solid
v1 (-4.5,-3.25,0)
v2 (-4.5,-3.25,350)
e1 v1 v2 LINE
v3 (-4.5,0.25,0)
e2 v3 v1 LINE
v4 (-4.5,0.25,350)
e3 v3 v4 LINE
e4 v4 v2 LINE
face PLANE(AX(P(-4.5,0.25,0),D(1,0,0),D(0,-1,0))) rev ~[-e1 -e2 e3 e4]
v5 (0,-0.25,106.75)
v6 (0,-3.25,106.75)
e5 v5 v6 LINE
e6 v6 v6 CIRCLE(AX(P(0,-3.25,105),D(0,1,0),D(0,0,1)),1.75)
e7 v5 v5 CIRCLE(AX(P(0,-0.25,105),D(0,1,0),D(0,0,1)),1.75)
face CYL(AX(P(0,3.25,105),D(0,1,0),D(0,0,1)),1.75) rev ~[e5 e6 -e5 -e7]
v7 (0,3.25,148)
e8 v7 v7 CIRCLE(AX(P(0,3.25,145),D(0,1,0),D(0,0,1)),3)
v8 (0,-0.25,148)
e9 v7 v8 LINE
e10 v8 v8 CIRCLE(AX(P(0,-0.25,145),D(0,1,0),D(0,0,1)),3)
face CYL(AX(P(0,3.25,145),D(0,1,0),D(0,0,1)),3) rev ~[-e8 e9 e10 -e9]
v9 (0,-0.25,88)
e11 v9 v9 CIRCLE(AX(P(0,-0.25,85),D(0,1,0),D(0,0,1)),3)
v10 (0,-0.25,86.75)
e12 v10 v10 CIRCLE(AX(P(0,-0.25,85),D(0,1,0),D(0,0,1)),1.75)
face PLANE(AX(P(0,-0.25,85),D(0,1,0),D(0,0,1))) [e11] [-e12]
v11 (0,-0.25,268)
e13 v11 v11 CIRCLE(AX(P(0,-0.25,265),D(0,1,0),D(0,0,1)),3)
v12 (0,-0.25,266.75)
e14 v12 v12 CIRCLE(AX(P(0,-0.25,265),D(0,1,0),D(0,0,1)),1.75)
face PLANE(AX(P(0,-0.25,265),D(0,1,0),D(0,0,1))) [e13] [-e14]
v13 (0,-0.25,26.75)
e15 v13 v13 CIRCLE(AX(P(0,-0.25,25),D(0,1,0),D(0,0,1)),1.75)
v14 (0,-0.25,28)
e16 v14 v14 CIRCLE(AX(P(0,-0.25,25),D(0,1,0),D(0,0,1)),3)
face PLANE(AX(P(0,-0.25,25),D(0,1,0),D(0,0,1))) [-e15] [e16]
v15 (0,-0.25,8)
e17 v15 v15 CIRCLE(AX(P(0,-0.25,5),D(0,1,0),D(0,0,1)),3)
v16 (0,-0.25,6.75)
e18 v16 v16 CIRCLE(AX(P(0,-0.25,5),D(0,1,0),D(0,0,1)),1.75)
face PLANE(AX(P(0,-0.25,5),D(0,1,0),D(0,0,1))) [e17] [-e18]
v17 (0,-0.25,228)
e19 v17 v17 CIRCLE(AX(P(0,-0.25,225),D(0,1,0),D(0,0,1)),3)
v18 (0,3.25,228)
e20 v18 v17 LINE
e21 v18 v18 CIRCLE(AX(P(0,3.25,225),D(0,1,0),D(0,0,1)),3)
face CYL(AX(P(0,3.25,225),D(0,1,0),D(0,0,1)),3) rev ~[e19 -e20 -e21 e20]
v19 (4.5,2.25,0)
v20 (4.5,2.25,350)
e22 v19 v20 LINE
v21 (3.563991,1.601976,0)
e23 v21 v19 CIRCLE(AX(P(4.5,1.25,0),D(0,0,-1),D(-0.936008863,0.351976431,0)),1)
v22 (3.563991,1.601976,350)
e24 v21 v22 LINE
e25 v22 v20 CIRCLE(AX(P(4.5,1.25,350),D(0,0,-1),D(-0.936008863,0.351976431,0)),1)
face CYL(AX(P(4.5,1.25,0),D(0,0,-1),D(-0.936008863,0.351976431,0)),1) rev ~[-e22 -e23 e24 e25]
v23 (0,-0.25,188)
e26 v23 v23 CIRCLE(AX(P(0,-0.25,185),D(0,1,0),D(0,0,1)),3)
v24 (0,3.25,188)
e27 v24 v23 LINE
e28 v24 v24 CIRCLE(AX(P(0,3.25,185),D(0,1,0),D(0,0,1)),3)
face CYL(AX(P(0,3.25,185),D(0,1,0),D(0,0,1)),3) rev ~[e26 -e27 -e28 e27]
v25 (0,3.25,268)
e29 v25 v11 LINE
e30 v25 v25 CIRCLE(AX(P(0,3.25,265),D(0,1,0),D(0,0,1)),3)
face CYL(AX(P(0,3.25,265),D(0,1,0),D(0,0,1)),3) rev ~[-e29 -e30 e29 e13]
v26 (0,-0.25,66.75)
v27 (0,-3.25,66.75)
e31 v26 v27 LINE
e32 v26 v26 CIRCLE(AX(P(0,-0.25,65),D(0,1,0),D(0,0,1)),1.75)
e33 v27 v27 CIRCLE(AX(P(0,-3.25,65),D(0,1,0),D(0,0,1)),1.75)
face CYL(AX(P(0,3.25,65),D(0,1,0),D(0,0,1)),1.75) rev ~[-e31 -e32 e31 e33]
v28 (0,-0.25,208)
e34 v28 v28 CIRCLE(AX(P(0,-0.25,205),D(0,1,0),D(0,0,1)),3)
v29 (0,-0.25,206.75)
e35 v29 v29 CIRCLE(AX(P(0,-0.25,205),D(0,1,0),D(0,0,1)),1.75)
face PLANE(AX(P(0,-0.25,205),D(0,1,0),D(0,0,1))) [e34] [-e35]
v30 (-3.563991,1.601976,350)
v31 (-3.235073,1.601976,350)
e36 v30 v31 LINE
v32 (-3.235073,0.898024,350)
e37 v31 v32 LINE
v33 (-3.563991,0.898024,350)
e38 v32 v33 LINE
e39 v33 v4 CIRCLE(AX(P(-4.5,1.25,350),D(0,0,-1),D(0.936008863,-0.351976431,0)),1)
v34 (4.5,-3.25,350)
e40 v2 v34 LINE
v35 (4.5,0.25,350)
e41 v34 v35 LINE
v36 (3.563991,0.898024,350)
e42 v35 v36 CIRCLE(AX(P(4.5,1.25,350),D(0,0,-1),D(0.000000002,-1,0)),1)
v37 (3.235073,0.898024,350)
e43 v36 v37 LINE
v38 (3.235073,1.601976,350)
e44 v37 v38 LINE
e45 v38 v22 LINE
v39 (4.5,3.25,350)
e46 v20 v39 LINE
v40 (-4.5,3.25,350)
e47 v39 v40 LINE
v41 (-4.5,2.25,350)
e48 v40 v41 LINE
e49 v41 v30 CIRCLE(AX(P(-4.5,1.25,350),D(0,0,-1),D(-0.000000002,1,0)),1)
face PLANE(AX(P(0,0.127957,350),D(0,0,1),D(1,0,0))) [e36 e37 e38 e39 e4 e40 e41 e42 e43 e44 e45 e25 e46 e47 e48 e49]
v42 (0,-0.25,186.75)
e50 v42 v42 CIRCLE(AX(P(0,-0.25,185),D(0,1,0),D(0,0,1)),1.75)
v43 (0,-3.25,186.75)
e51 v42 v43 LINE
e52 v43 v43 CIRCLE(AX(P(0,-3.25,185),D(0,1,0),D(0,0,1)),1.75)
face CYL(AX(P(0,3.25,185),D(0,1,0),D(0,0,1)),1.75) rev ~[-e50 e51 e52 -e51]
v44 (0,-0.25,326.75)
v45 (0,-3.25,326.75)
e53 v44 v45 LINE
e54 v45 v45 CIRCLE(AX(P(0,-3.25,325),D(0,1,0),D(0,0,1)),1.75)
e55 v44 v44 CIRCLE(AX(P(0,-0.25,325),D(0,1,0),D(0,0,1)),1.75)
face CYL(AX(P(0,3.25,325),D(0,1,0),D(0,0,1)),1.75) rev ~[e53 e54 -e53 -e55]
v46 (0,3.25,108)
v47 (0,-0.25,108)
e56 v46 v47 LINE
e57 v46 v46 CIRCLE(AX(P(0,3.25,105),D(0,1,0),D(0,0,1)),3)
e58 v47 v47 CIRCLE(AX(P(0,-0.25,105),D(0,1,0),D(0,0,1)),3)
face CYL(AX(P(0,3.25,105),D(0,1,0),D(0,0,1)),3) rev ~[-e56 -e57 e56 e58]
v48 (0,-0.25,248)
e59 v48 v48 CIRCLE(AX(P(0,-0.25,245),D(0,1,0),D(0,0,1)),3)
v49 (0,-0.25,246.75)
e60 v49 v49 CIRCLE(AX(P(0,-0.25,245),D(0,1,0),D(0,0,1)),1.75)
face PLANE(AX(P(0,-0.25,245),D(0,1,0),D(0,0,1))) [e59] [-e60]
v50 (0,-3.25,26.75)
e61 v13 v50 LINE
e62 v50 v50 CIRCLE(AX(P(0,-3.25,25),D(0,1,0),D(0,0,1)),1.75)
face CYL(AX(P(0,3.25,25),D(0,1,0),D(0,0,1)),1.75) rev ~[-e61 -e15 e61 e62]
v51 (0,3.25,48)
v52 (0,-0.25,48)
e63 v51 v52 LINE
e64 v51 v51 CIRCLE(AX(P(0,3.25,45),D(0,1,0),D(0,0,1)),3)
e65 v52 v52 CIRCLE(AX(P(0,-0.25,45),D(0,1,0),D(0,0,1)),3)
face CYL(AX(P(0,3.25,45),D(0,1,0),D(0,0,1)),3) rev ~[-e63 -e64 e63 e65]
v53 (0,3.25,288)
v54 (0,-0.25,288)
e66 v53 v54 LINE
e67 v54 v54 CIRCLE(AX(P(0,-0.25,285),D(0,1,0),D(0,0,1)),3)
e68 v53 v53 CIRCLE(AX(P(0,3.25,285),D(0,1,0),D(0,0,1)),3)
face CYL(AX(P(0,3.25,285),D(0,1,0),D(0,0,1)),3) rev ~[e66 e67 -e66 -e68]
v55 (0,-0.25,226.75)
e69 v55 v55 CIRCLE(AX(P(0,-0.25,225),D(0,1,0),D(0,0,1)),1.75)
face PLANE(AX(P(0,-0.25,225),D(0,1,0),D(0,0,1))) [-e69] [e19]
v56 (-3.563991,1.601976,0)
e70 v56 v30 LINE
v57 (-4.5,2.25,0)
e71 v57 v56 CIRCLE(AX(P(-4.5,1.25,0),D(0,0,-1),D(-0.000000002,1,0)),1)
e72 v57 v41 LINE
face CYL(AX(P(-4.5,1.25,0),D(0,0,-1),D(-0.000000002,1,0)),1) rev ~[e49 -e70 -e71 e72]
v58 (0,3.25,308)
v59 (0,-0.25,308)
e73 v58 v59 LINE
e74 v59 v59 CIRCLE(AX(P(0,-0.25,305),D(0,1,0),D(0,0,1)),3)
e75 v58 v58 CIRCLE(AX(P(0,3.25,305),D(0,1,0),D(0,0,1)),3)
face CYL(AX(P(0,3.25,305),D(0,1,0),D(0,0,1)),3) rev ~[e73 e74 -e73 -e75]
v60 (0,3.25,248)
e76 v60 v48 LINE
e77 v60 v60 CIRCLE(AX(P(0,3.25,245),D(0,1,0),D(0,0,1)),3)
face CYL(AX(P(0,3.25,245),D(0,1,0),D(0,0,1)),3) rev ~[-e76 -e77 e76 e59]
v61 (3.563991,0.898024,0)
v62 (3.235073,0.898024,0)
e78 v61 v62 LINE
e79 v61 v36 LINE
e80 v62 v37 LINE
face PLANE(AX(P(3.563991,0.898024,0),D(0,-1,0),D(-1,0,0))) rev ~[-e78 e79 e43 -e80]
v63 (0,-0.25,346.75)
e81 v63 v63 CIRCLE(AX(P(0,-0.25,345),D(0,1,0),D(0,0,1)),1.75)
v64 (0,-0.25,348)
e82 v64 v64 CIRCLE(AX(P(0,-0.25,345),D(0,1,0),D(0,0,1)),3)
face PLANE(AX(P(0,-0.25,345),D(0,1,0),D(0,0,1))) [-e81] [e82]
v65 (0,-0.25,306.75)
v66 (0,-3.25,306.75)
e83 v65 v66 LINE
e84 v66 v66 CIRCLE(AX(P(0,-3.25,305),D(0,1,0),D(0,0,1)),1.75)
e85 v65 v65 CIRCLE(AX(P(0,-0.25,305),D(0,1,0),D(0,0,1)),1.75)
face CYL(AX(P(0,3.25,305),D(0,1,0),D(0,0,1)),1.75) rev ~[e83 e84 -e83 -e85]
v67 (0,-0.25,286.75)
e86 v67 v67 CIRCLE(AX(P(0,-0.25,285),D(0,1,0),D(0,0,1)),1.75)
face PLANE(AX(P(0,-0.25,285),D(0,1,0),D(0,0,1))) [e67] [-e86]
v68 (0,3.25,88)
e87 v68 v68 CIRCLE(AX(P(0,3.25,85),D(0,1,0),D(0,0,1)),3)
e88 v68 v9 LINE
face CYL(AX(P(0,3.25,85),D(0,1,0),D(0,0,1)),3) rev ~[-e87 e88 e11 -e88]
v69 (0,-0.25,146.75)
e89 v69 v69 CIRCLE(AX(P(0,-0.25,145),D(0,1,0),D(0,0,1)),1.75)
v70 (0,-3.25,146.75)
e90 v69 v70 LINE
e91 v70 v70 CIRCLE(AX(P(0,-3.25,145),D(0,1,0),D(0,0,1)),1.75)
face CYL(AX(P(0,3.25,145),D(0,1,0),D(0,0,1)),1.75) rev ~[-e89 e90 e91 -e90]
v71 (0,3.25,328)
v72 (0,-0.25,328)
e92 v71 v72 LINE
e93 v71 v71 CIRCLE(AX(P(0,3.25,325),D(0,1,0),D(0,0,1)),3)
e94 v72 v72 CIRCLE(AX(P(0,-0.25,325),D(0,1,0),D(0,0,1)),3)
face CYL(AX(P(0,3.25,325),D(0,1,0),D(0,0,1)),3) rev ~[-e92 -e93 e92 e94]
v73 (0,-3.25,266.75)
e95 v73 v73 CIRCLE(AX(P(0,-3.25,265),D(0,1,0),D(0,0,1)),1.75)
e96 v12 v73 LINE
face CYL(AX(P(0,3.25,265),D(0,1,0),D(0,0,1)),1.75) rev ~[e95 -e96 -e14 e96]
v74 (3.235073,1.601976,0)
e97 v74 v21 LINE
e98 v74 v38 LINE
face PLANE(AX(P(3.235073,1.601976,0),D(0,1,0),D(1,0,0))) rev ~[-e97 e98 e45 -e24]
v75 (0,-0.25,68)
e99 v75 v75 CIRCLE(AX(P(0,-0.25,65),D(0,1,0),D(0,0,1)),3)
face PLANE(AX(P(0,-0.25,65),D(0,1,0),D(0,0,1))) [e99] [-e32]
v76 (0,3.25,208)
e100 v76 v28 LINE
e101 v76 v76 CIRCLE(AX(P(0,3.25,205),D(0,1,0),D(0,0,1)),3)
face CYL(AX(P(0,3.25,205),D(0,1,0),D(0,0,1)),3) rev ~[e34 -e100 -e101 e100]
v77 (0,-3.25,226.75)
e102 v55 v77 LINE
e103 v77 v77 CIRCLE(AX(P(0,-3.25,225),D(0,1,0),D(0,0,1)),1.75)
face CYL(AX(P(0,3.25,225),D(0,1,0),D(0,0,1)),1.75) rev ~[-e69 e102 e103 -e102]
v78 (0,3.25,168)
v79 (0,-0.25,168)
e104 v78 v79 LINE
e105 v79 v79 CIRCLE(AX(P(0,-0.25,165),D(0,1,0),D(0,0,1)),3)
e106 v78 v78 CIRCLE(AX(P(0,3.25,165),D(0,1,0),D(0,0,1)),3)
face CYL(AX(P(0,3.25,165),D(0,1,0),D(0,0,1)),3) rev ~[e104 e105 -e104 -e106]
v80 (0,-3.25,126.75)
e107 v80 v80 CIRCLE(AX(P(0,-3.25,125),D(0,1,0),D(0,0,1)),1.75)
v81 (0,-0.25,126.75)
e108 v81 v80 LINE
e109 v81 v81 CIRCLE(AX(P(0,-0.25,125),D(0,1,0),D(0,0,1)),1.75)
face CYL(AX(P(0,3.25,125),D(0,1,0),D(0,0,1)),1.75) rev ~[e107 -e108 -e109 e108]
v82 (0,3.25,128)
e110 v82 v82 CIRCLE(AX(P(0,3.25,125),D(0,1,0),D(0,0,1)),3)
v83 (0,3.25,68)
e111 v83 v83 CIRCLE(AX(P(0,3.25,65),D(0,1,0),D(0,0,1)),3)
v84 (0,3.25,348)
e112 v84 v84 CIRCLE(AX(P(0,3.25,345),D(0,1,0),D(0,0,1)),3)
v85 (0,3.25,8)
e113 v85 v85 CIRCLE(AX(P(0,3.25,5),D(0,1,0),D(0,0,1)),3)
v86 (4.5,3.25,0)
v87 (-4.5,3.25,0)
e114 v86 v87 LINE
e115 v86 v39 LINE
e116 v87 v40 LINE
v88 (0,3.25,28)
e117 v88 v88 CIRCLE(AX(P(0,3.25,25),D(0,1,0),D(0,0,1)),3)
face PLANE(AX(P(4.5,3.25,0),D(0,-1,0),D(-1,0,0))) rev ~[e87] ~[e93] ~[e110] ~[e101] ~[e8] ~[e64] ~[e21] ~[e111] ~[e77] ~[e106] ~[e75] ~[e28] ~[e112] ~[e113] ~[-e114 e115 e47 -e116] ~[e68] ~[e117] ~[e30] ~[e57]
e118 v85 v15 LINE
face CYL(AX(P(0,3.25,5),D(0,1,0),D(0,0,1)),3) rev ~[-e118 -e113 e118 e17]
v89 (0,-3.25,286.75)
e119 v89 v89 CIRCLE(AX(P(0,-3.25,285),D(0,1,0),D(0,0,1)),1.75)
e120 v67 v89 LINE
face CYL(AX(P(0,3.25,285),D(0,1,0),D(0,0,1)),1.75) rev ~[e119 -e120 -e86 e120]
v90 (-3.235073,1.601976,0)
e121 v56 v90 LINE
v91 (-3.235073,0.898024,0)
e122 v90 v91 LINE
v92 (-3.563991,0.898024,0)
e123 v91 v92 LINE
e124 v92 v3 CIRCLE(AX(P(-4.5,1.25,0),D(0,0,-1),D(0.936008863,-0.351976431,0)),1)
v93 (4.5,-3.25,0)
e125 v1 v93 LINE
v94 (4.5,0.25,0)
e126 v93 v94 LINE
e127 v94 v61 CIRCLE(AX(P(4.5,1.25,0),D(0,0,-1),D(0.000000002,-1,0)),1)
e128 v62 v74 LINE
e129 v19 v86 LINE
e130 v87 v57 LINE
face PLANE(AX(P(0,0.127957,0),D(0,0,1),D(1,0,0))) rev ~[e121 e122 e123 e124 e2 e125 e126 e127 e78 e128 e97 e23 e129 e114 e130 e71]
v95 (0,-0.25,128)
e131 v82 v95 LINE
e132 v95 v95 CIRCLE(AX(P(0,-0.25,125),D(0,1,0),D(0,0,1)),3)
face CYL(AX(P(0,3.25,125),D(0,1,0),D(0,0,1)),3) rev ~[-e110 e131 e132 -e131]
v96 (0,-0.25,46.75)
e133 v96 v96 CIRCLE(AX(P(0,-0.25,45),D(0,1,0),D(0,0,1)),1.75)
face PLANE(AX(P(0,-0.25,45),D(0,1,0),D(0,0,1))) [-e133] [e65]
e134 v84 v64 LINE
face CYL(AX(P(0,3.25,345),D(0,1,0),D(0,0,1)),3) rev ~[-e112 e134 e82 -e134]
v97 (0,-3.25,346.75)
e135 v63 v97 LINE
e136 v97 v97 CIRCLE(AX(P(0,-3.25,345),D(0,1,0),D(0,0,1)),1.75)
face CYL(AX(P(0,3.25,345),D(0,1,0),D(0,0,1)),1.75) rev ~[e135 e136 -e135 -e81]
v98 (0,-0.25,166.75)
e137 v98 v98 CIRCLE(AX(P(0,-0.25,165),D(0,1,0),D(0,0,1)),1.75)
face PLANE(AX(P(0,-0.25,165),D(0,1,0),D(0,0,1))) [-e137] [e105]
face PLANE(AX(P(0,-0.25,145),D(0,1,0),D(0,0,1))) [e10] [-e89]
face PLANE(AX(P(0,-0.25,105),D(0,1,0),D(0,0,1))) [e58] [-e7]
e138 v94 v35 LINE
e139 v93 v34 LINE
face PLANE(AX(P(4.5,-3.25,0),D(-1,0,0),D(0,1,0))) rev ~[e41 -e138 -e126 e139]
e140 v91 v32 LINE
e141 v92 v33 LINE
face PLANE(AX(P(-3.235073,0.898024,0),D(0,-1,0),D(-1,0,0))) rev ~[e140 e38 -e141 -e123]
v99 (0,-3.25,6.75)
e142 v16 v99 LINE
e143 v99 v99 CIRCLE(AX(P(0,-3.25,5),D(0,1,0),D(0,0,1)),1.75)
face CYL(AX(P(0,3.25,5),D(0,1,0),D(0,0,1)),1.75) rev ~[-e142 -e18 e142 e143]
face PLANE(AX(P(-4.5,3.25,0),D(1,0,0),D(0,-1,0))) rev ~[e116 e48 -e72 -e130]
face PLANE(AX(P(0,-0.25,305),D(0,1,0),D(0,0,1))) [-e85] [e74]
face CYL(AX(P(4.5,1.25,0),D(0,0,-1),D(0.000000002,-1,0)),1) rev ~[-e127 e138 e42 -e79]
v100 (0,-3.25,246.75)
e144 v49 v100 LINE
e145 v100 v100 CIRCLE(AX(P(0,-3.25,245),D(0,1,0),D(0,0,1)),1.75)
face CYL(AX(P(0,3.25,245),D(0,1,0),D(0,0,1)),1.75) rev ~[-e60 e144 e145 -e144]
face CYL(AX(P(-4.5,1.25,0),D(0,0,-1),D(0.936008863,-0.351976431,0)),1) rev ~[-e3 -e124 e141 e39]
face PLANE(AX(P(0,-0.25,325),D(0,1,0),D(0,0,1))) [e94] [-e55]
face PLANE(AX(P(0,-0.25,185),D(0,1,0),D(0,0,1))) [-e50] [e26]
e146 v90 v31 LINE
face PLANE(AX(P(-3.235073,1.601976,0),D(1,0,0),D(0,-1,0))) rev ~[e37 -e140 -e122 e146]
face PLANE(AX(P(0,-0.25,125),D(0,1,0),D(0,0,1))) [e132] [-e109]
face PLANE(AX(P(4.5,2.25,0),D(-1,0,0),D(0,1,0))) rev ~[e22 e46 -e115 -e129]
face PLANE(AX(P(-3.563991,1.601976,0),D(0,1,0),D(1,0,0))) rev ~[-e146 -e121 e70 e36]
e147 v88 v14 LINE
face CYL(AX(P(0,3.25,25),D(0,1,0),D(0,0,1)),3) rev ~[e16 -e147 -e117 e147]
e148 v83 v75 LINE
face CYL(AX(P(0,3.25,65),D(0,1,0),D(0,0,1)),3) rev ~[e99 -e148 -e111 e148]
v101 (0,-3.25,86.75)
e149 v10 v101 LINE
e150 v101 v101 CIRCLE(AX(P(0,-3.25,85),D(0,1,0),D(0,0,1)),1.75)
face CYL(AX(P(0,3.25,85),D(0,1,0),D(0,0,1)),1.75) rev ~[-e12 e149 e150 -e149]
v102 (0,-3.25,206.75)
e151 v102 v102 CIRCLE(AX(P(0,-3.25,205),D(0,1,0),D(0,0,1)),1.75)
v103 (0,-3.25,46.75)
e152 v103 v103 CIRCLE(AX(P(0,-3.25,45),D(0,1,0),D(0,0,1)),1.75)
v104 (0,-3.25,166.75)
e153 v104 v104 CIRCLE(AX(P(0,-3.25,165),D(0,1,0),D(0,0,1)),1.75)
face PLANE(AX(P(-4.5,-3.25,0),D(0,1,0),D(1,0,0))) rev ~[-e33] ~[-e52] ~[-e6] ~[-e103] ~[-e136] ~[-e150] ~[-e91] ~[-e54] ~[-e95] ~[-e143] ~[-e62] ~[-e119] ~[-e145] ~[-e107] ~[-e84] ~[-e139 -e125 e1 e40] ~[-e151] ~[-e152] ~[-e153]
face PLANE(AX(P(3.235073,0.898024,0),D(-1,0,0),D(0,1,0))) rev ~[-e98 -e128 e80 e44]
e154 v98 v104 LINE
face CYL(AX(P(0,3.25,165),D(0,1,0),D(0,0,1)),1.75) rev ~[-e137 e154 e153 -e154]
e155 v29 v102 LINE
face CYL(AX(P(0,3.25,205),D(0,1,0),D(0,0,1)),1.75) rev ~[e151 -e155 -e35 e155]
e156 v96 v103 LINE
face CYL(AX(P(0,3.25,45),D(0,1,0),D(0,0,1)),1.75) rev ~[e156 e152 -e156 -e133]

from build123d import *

# Parameters (mm, degrees)
EXTRUDE1_DEPTH  = 350
SKETCH2_R       = 3
EXTRUDE2_DEPTH  = 3.5
SKETCH_R        = 1.75
EXTRUDE3_DEPTH  = 351.089274329
LPATTERN1_COUNT = 18
LPATTERN1_PITCH = 20


with BuildPart() as part:
    # Sketch1 → Extrude1 (new body)
    with BuildSketch(Plane.XY):
        with BuildLine():
            Line((-4.5, -3.25), (4.5, -3.25))
            Line((4.5, -3.25), (4.5, 0.25))
            ThreePointArc((4.5, 0.25), (3.93077967, 0.427814974), (3.563991137, 0.898023568))
            Line((3.563991137, 0.898023568), (3.235073025, 0.898023568))
            Line((3.235073025, 0.898023568), (3.235073025, 1.601976432))
            Line((3.235073025, 1.601976432), (3.563991137, 1.601976432))
            ThreePointArc((3.563991137, 1.601976432), (3.93077967, 2.072185026), (4.5, 2.25))
            Line((4.5, 2.25), (4.5, 3.25))
            Line((4.5, 3.25), (-4.5, 3.25))
            Line((-4.5, 3.25), (-4.5, 2.25))
            ThreePointArc((-4.5, 2.25), (-3.93077967, 2.072185026), (-3.563991137, 1.601976432))
            Line((-3.563991137, 1.601976432), (-3.235073025, 1.601976432))
            Line((-3.235073025, 1.601976432), (-3.235073025, 0.898023568))
            Line((-3.235073025, 0.898023568), (-3.563991137, 0.898023568))
            ThreePointArc((-3.563991137, 0.898023568), (-3.93077967, 0.427814974), (-4.5, 0.25))
            Line((-4.5, 0.25), (-4.5, -3.25))
        make_face()
    extrude(amount=EXTRUDE1_DEPTH)

    # Sketch2 → Extrude2 (cut)
    with BuildSketch(Plane(origin=(0, 3.25, 0), x_dir=(1, 0, 0), z_dir=(0, 1, 0))):
        with Locations((0, -5)):
            Circle(SKETCH2_R)
    extrude2 = extrude(amount=-EXTRUDE2_DEPTH, mode=Mode.SUBTRACT)

    # Sketch → Extrude3 (cut, through all)
    with BuildSketch(Plane(origin=(0, 3.25, 0), x_dir=(1, 0, 0), z_dir=(0, 1, 0))):
        with Locations((0, -5)):
            Circle(SKETCH_R)
    extrude3 = extrude(amount=-EXTRUDE3_DEPTH, mode=Mode.SUBTRACT)

    # LPattern1: Extrude2, Extrude3 ×18
    with Locations(*[(0, 0, i * LPATTERN1_PITCH) for i in range(1, LPATTERN1_COUNT)]):
        add(extrude2, mode=Mode.SUBTRACT)
        add(extrude3, mode=Mode.SUBTRACT)


solid = part.part
